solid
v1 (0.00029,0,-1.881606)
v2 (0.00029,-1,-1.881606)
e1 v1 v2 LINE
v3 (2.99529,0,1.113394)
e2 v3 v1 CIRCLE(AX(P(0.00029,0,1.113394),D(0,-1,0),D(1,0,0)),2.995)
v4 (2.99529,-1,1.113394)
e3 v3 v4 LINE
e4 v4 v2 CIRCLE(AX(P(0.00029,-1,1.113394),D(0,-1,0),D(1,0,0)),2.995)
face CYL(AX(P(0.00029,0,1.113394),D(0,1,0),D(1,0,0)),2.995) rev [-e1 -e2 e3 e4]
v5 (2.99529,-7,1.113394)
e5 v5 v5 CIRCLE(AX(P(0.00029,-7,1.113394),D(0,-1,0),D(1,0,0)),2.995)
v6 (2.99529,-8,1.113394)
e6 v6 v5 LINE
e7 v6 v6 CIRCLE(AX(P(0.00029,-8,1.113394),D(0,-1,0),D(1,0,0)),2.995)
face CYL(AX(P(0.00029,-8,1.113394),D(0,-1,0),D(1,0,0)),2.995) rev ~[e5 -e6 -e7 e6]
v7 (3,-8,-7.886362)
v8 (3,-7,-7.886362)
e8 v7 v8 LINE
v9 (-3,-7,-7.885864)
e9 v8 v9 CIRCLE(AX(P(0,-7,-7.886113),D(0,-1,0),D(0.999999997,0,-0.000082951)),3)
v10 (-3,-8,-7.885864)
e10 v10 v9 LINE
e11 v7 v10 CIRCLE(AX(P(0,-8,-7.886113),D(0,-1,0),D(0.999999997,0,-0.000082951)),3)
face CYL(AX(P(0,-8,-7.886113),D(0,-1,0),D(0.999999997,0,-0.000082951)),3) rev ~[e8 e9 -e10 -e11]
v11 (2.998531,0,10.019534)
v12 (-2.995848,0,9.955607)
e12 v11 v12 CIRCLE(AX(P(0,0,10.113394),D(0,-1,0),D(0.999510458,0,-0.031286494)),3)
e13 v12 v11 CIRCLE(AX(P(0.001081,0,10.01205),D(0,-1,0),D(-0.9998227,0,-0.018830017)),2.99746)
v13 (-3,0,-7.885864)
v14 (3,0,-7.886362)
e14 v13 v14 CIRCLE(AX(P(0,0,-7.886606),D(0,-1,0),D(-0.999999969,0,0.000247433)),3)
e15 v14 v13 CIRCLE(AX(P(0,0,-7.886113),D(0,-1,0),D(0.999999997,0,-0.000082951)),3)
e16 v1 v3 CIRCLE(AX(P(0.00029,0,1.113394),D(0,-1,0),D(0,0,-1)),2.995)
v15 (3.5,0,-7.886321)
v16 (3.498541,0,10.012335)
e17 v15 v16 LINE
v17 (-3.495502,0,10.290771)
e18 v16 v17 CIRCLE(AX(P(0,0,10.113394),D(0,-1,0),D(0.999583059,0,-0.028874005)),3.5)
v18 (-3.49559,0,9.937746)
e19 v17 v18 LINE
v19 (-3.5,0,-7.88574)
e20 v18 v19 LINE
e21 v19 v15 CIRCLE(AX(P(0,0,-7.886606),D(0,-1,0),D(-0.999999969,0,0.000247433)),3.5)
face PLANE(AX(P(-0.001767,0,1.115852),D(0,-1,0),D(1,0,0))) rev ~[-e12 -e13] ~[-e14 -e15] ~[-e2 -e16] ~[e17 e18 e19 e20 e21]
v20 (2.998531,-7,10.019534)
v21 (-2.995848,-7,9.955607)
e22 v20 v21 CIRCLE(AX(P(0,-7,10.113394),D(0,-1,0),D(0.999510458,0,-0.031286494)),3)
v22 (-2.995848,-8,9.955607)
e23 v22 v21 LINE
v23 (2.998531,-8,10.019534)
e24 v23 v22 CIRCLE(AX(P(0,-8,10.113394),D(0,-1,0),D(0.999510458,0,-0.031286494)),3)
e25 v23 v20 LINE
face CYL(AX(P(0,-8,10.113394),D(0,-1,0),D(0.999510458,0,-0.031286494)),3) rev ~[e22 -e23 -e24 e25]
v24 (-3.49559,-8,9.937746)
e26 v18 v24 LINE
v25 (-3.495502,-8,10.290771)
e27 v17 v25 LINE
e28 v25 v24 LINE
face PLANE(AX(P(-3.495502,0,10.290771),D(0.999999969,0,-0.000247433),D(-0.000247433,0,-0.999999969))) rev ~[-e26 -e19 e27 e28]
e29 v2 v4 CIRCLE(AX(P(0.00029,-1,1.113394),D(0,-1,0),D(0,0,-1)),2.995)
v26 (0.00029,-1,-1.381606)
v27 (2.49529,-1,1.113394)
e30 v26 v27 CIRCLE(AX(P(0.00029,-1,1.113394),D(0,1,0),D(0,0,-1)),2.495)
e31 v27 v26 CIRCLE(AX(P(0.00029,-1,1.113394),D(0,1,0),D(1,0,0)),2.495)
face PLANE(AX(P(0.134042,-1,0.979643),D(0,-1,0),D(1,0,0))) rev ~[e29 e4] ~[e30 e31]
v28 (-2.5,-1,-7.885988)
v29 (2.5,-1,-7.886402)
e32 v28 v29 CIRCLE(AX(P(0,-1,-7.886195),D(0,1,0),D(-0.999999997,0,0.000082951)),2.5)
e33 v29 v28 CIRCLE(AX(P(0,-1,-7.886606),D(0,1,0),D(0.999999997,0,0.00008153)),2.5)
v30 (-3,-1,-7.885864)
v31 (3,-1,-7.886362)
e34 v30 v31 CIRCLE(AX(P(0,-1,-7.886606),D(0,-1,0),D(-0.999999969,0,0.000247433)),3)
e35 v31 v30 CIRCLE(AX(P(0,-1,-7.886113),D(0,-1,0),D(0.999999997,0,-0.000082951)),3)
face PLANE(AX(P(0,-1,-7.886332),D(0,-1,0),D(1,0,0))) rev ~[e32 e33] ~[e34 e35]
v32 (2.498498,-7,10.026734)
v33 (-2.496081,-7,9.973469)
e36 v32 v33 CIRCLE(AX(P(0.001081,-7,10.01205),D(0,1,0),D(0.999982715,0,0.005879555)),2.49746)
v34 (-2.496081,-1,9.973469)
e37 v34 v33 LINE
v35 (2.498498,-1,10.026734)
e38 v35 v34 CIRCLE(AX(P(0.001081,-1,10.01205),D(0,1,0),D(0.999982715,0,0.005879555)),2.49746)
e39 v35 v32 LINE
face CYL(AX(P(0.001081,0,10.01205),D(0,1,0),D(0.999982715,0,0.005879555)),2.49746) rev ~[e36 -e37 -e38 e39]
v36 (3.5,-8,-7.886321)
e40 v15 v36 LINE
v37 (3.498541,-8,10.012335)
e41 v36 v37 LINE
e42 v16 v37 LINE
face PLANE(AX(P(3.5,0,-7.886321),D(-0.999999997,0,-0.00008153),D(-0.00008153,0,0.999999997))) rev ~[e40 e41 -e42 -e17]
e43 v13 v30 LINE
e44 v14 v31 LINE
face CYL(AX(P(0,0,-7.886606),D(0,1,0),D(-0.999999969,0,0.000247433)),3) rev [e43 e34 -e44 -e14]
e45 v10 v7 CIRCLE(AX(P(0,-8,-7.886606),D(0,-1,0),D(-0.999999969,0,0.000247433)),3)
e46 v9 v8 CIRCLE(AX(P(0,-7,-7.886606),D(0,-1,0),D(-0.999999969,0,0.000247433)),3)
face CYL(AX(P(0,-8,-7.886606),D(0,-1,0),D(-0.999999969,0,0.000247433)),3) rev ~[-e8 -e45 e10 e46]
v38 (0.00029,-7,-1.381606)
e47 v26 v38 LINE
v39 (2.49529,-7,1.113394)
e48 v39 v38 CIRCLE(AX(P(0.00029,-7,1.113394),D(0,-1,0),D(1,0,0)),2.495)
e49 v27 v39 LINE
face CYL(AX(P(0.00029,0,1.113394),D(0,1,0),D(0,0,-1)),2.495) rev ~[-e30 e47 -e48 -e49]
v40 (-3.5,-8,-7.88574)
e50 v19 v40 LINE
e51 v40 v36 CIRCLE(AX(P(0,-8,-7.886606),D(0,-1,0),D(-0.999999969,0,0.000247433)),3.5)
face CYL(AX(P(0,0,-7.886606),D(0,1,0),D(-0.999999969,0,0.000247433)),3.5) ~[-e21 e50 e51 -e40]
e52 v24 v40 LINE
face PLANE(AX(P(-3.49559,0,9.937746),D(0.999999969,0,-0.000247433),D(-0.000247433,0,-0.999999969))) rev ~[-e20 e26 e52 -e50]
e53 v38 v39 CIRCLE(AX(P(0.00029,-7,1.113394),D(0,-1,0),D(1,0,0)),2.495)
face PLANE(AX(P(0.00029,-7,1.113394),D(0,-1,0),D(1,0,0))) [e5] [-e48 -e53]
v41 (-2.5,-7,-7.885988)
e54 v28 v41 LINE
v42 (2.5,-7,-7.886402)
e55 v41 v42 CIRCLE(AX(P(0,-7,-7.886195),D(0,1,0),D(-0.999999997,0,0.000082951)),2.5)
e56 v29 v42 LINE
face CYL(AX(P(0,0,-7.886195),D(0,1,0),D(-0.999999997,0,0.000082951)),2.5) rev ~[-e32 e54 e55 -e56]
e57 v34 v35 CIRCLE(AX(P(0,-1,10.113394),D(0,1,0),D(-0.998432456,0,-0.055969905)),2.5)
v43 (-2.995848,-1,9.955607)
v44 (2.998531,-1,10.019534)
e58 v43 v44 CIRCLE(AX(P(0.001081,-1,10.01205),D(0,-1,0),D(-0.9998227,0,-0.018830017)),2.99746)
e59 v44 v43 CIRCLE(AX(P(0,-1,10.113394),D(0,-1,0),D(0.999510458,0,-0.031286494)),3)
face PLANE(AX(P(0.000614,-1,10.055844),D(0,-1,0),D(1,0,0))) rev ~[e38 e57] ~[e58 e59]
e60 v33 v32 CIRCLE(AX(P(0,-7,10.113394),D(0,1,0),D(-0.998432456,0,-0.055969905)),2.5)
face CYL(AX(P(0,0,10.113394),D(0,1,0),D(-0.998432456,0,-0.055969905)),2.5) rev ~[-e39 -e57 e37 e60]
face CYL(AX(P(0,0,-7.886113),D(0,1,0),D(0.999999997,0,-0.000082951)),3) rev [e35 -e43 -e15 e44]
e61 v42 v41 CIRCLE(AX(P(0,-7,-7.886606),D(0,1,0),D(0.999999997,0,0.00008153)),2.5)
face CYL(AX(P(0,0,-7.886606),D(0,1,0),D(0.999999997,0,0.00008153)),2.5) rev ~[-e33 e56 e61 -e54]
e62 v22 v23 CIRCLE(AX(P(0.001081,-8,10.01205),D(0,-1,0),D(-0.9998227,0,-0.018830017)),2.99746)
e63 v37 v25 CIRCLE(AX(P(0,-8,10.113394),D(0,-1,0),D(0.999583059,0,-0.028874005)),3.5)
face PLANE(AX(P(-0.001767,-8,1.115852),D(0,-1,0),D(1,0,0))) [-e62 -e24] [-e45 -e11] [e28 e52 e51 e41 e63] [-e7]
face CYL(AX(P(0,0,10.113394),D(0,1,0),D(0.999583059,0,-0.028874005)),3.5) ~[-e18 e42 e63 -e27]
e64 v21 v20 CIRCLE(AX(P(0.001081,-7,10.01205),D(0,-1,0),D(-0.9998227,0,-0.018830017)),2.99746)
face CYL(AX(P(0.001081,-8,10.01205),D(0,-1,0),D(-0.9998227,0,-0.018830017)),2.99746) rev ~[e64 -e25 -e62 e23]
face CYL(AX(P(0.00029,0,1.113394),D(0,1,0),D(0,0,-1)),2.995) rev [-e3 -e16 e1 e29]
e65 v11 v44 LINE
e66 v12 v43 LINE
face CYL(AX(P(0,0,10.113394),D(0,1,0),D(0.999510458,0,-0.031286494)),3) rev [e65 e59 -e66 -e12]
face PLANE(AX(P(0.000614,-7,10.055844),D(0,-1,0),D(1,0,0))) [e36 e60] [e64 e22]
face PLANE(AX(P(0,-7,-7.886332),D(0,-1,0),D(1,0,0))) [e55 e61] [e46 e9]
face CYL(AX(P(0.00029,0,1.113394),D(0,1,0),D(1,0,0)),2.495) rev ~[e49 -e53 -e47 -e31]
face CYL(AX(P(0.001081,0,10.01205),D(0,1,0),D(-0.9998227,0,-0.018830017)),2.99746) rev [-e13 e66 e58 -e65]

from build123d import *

# Parameters (mm, degrees)
F1_DEPTH = 8
F2_DEPTH = 1
F3_R     = 2.995
F3_R_2   = 2.495
F4_DEPTH = 1


with BuildPart() as f1:
    # F0 (on Front) → F1 (new body)
    with BuildSketch(Plane.XZ):
        with BuildLine():
            Line((3.4999999884, -7.8863207898), (3.4985407065, 10.0123348381))
            ThreePointArc((3.4985407065, 10.0123348381), (0.1392265828, 13.6106236093), (-3.495502424, 10.2907714275))
            Line((-3.495502424, 10.2907714275), (-3.4955897742, 9.9377461081))
            Line((-3.4955897742, 9.9377461081), (-3.4999998929, -7.8857401302))
            ThreePointArc((-3.4999998929, -7.8857401302), (-0.0002903298, -11.3866061336), (3.4999999884, -7.8863207898))
        make_face()
        with BuildLine():
            ThreePointArc((-2.9999999082, -7.8858638467), (0.0002488951, -4.8861127517), (2.99999999, -7.8863615549))
            ThreePointArc((2.99999999, -7.8863615549), (-0.0002488541, -10.8866061353), (-2.9999999082, -7.8858638467))
        make_face(mode=Mode.SUBTRACT)
        with BuildLine():
            ThreePointArc((2.9952903298, 1.1133938423), (2.1180751395, -1.0043909674), (0.0002903298, -1.8816061577))
            ThreePointArc((0.0002903298, -1.8816061577), (-2.1174944798, 3.231178652), (2.9952903298, 1.1133938423))
        make_face(mode=Mode.SUBTRACT)
        with BuildLine():
            ThreePointArc((2.9985313735, 10.0195343729), (0.0330453014, 7.0147601911), (-2.9958477024, 9.9556074667))
            ThreePointArc((-2.9958477024, 9.9556074667), (-0.031991606, 13.1132232724), (2.9985313735, 10.0195343729))
        make_face(mode=Mode.SUBTRACT)
        with BuildLine():
            ThreePointArc((2.9985313735, 10.0195343729), (-0.031991606, 13.1132232724), (-2.9958477024, 9.9556074667))
            ThreePointArc((-2.9958477024, 9.9556074667), (0.0330453014, 7.0147601911), (2.9985313735, 10.0195343729))
        make_face()
        with BuildLine():
            ThreePointArc((-2.4960813645, 9.9734690786), (-0.0266596741, 12.6132519269), (2.4984977744, 10.0267336432))
            ThreePointArc((2.4984977744, 10.0267336432), (0.0277133695, 7.5147315366), (-2.4960813645, 9.9734690786))
        make_face(mode=Mode.SUBTRACT)
        with BuildLine():
            ThreePointArc((2.9952903298, 1.1133938423), (-2.1174944798, 3.231178652), (0.0002903298, -1.8816061577))
            ThreePointArc((0.0002903298, -1.8816061577), (2.1180751395, -1.0043909674), (2.9952903298, 1.1133938423))
        make_face()
        with BuildLine():
            ThreePointArc((2.4952903298, 1.1133938423), (1.7645217489, -0.6508375768), (0.0002903298, -1.3816061577))
            ThreePointArc((0.0002903298, -1.3816061577), (-1.7639410893, 2.8776252614), (2.4952903298, 1.1133938423))
        make_face(mode=Mode.SUBTRACT)
        with BuildLine():
            ThreePointArc((-2.9999999082, -7.8858638467), (-0.0002488541, -10.8866061353), (2.99999999, -7.8863615549))
            ThreePointArc((2.99999999, -7.8863615549), (0.0002488951, -4.8861127517), (-2.9999999082, -7.8858638467))
        make_face()
        with BuildLine():
            ThreePointArc((-2.4999999235, -7.8859875632), (0.0002074125, -5.386194984), (2.4999999917, -7.88640232))
            ThreePointArc((2.4999999917, -7.88640232), (-0.0002073784, -10.3866061371), (-2.4999999235, -7.8859875632))
        make_face(mode=Mode.SUBTRACT)
    extrude(amount=F1_DEPTH)

    # F0 (on Front) → F2 (cut)
    with BuildSketch(Plane.XZ):
        with BuildLine():
            ThreePointArc((2.9985313735, 10.0195343729), (-0.031991606, 13.1132232724), (-2.9958477024, 9.9556074667))
            ThreePointArc((-2.9958477024, 9.9556074667), (0.0330453014, 7.0147601911), (2.9985313735, 10.0195343729))
        make_face()
        with BuildLine():
            ThreePointArc((-2.4960813645, 9.9734690786), (-0.0266596741, 12.6132519269), (2.4984977744, 10.0267336432))
            ThreePointArc((2.4984977744, 10.0267336432), (0.0277133695, 7.5147315366), (-2.4960813645, 9.9734690786))
        make_face(mode=Mode.SUBTRACT)
        with BuildLine():
            ThreePointArc((2.9952903298, 1.1133938423), (-2.1174944798, 3.231178652), (0.0002903298, -1.8816061577))
            ThreePointArc((0.0002903298, -1.8816061577), (2.1180751395, -1.0043909674), (2.9952903298, 1.1133938423))
        make_face()
        with BuildLine():
            ThreePointArc((2.4952903298, 1.1133938423), (1.7645217489, -0.6508375768), (0.0002903298, -1.3816061577))
            ThreePointArc((0.0002903298, -1.3816061577), (-1.7639410893, 2.8776252614), (2.4952903298, 1.1133938423))
        make_face(mode=Mode.SUBTRACT)
        with BuildLine():
            ThreePointArc((-2.9999999082, -7.8858638467), (-0.0002488541, -10.8866061353), (2.99999999, -7.8863615549))
            ThreePointArc((2.99999999, -7.8863615549), (0.0002488951, -4.8861127517), (-2.9999999082, -7.8858638467))
        make_face()
        with BuildLine():
            ThreePointArc((-2.4999999235, -7.8859875632), (0.0002074125, -5.386194984), (2.4999999917, -7.88640232))
            ThreePointArc((2.4999999917, -7.88640232), (-0.0002073784, -10.3866061371), (-2.4999999235, -7.8859875632))
        make_face(mode=Mode.SUBTRACT)
    extrude(amount=F2_DEPTH, mode=Mode.SUBTRACT)

    # F3 (on face) → F4 (cut)
    with BuildSketch(Plane.XZ.offset(8)):
        with BuildLine():
            ThreePointArc((2.9985313735, 10.0195343729), (-0.031991606, 13.1132232724), (-2.9958477024, 9.9556074667))
            ThreePointArc((-2.9958477024, 9.9556074667), (0.0330453014, 7.0147601911), (2.9985313735, 10.0195343729))
        make_face()
        with BuildLine():
            ThreePointArc((2.4984977744, 10.0267336432), (0.0277133695, 7.5147315366), (-2.4960813645, 9.9734690786))
            ThreePointArc((-2.4960813645, 9.9734690786), (-0.0266596741, 12.6132519269), (2.4984977744, 10.0267336432))
        make_face(mode=Mode.SUBTRACT)
        with Locations((0.0002903298, 1.1133938423)):
            Circle(F3_R)
        with Locations((0.0002903298, 1.1133938423)):
            Circle(F3_R_2, mode=Mode.SUBTRACT)
        with BuildLine():
            ThreePointArc((-2.9999999082, -7.8858638467), (-0.0002488541, -10.8866061353), (2.99999999, -7.8863615549))
            ThreePointArc((2.99999999, -7.8863615549), (0.0002488951, -4.8861127517), (-2.9999999082, -7.8858638467))
        make_face()
        with BuildLine():
            ThreePointArc((-2.4999999235, -7.8859875632), (0.0002074125, -5.386194984), (2.4999999917, -7.88640232))
            ThreePointArc((2.4999999917, -7.88640232), (-0.0002073784, -10.3866061371), (-2.4999999235, -7.8859875632))
        make_face(mode=Mode.SUBTRACT)
    extrude(amount=-F4_DEPTH, mode=Mode.SUBTRACT)


solid = f1.part
